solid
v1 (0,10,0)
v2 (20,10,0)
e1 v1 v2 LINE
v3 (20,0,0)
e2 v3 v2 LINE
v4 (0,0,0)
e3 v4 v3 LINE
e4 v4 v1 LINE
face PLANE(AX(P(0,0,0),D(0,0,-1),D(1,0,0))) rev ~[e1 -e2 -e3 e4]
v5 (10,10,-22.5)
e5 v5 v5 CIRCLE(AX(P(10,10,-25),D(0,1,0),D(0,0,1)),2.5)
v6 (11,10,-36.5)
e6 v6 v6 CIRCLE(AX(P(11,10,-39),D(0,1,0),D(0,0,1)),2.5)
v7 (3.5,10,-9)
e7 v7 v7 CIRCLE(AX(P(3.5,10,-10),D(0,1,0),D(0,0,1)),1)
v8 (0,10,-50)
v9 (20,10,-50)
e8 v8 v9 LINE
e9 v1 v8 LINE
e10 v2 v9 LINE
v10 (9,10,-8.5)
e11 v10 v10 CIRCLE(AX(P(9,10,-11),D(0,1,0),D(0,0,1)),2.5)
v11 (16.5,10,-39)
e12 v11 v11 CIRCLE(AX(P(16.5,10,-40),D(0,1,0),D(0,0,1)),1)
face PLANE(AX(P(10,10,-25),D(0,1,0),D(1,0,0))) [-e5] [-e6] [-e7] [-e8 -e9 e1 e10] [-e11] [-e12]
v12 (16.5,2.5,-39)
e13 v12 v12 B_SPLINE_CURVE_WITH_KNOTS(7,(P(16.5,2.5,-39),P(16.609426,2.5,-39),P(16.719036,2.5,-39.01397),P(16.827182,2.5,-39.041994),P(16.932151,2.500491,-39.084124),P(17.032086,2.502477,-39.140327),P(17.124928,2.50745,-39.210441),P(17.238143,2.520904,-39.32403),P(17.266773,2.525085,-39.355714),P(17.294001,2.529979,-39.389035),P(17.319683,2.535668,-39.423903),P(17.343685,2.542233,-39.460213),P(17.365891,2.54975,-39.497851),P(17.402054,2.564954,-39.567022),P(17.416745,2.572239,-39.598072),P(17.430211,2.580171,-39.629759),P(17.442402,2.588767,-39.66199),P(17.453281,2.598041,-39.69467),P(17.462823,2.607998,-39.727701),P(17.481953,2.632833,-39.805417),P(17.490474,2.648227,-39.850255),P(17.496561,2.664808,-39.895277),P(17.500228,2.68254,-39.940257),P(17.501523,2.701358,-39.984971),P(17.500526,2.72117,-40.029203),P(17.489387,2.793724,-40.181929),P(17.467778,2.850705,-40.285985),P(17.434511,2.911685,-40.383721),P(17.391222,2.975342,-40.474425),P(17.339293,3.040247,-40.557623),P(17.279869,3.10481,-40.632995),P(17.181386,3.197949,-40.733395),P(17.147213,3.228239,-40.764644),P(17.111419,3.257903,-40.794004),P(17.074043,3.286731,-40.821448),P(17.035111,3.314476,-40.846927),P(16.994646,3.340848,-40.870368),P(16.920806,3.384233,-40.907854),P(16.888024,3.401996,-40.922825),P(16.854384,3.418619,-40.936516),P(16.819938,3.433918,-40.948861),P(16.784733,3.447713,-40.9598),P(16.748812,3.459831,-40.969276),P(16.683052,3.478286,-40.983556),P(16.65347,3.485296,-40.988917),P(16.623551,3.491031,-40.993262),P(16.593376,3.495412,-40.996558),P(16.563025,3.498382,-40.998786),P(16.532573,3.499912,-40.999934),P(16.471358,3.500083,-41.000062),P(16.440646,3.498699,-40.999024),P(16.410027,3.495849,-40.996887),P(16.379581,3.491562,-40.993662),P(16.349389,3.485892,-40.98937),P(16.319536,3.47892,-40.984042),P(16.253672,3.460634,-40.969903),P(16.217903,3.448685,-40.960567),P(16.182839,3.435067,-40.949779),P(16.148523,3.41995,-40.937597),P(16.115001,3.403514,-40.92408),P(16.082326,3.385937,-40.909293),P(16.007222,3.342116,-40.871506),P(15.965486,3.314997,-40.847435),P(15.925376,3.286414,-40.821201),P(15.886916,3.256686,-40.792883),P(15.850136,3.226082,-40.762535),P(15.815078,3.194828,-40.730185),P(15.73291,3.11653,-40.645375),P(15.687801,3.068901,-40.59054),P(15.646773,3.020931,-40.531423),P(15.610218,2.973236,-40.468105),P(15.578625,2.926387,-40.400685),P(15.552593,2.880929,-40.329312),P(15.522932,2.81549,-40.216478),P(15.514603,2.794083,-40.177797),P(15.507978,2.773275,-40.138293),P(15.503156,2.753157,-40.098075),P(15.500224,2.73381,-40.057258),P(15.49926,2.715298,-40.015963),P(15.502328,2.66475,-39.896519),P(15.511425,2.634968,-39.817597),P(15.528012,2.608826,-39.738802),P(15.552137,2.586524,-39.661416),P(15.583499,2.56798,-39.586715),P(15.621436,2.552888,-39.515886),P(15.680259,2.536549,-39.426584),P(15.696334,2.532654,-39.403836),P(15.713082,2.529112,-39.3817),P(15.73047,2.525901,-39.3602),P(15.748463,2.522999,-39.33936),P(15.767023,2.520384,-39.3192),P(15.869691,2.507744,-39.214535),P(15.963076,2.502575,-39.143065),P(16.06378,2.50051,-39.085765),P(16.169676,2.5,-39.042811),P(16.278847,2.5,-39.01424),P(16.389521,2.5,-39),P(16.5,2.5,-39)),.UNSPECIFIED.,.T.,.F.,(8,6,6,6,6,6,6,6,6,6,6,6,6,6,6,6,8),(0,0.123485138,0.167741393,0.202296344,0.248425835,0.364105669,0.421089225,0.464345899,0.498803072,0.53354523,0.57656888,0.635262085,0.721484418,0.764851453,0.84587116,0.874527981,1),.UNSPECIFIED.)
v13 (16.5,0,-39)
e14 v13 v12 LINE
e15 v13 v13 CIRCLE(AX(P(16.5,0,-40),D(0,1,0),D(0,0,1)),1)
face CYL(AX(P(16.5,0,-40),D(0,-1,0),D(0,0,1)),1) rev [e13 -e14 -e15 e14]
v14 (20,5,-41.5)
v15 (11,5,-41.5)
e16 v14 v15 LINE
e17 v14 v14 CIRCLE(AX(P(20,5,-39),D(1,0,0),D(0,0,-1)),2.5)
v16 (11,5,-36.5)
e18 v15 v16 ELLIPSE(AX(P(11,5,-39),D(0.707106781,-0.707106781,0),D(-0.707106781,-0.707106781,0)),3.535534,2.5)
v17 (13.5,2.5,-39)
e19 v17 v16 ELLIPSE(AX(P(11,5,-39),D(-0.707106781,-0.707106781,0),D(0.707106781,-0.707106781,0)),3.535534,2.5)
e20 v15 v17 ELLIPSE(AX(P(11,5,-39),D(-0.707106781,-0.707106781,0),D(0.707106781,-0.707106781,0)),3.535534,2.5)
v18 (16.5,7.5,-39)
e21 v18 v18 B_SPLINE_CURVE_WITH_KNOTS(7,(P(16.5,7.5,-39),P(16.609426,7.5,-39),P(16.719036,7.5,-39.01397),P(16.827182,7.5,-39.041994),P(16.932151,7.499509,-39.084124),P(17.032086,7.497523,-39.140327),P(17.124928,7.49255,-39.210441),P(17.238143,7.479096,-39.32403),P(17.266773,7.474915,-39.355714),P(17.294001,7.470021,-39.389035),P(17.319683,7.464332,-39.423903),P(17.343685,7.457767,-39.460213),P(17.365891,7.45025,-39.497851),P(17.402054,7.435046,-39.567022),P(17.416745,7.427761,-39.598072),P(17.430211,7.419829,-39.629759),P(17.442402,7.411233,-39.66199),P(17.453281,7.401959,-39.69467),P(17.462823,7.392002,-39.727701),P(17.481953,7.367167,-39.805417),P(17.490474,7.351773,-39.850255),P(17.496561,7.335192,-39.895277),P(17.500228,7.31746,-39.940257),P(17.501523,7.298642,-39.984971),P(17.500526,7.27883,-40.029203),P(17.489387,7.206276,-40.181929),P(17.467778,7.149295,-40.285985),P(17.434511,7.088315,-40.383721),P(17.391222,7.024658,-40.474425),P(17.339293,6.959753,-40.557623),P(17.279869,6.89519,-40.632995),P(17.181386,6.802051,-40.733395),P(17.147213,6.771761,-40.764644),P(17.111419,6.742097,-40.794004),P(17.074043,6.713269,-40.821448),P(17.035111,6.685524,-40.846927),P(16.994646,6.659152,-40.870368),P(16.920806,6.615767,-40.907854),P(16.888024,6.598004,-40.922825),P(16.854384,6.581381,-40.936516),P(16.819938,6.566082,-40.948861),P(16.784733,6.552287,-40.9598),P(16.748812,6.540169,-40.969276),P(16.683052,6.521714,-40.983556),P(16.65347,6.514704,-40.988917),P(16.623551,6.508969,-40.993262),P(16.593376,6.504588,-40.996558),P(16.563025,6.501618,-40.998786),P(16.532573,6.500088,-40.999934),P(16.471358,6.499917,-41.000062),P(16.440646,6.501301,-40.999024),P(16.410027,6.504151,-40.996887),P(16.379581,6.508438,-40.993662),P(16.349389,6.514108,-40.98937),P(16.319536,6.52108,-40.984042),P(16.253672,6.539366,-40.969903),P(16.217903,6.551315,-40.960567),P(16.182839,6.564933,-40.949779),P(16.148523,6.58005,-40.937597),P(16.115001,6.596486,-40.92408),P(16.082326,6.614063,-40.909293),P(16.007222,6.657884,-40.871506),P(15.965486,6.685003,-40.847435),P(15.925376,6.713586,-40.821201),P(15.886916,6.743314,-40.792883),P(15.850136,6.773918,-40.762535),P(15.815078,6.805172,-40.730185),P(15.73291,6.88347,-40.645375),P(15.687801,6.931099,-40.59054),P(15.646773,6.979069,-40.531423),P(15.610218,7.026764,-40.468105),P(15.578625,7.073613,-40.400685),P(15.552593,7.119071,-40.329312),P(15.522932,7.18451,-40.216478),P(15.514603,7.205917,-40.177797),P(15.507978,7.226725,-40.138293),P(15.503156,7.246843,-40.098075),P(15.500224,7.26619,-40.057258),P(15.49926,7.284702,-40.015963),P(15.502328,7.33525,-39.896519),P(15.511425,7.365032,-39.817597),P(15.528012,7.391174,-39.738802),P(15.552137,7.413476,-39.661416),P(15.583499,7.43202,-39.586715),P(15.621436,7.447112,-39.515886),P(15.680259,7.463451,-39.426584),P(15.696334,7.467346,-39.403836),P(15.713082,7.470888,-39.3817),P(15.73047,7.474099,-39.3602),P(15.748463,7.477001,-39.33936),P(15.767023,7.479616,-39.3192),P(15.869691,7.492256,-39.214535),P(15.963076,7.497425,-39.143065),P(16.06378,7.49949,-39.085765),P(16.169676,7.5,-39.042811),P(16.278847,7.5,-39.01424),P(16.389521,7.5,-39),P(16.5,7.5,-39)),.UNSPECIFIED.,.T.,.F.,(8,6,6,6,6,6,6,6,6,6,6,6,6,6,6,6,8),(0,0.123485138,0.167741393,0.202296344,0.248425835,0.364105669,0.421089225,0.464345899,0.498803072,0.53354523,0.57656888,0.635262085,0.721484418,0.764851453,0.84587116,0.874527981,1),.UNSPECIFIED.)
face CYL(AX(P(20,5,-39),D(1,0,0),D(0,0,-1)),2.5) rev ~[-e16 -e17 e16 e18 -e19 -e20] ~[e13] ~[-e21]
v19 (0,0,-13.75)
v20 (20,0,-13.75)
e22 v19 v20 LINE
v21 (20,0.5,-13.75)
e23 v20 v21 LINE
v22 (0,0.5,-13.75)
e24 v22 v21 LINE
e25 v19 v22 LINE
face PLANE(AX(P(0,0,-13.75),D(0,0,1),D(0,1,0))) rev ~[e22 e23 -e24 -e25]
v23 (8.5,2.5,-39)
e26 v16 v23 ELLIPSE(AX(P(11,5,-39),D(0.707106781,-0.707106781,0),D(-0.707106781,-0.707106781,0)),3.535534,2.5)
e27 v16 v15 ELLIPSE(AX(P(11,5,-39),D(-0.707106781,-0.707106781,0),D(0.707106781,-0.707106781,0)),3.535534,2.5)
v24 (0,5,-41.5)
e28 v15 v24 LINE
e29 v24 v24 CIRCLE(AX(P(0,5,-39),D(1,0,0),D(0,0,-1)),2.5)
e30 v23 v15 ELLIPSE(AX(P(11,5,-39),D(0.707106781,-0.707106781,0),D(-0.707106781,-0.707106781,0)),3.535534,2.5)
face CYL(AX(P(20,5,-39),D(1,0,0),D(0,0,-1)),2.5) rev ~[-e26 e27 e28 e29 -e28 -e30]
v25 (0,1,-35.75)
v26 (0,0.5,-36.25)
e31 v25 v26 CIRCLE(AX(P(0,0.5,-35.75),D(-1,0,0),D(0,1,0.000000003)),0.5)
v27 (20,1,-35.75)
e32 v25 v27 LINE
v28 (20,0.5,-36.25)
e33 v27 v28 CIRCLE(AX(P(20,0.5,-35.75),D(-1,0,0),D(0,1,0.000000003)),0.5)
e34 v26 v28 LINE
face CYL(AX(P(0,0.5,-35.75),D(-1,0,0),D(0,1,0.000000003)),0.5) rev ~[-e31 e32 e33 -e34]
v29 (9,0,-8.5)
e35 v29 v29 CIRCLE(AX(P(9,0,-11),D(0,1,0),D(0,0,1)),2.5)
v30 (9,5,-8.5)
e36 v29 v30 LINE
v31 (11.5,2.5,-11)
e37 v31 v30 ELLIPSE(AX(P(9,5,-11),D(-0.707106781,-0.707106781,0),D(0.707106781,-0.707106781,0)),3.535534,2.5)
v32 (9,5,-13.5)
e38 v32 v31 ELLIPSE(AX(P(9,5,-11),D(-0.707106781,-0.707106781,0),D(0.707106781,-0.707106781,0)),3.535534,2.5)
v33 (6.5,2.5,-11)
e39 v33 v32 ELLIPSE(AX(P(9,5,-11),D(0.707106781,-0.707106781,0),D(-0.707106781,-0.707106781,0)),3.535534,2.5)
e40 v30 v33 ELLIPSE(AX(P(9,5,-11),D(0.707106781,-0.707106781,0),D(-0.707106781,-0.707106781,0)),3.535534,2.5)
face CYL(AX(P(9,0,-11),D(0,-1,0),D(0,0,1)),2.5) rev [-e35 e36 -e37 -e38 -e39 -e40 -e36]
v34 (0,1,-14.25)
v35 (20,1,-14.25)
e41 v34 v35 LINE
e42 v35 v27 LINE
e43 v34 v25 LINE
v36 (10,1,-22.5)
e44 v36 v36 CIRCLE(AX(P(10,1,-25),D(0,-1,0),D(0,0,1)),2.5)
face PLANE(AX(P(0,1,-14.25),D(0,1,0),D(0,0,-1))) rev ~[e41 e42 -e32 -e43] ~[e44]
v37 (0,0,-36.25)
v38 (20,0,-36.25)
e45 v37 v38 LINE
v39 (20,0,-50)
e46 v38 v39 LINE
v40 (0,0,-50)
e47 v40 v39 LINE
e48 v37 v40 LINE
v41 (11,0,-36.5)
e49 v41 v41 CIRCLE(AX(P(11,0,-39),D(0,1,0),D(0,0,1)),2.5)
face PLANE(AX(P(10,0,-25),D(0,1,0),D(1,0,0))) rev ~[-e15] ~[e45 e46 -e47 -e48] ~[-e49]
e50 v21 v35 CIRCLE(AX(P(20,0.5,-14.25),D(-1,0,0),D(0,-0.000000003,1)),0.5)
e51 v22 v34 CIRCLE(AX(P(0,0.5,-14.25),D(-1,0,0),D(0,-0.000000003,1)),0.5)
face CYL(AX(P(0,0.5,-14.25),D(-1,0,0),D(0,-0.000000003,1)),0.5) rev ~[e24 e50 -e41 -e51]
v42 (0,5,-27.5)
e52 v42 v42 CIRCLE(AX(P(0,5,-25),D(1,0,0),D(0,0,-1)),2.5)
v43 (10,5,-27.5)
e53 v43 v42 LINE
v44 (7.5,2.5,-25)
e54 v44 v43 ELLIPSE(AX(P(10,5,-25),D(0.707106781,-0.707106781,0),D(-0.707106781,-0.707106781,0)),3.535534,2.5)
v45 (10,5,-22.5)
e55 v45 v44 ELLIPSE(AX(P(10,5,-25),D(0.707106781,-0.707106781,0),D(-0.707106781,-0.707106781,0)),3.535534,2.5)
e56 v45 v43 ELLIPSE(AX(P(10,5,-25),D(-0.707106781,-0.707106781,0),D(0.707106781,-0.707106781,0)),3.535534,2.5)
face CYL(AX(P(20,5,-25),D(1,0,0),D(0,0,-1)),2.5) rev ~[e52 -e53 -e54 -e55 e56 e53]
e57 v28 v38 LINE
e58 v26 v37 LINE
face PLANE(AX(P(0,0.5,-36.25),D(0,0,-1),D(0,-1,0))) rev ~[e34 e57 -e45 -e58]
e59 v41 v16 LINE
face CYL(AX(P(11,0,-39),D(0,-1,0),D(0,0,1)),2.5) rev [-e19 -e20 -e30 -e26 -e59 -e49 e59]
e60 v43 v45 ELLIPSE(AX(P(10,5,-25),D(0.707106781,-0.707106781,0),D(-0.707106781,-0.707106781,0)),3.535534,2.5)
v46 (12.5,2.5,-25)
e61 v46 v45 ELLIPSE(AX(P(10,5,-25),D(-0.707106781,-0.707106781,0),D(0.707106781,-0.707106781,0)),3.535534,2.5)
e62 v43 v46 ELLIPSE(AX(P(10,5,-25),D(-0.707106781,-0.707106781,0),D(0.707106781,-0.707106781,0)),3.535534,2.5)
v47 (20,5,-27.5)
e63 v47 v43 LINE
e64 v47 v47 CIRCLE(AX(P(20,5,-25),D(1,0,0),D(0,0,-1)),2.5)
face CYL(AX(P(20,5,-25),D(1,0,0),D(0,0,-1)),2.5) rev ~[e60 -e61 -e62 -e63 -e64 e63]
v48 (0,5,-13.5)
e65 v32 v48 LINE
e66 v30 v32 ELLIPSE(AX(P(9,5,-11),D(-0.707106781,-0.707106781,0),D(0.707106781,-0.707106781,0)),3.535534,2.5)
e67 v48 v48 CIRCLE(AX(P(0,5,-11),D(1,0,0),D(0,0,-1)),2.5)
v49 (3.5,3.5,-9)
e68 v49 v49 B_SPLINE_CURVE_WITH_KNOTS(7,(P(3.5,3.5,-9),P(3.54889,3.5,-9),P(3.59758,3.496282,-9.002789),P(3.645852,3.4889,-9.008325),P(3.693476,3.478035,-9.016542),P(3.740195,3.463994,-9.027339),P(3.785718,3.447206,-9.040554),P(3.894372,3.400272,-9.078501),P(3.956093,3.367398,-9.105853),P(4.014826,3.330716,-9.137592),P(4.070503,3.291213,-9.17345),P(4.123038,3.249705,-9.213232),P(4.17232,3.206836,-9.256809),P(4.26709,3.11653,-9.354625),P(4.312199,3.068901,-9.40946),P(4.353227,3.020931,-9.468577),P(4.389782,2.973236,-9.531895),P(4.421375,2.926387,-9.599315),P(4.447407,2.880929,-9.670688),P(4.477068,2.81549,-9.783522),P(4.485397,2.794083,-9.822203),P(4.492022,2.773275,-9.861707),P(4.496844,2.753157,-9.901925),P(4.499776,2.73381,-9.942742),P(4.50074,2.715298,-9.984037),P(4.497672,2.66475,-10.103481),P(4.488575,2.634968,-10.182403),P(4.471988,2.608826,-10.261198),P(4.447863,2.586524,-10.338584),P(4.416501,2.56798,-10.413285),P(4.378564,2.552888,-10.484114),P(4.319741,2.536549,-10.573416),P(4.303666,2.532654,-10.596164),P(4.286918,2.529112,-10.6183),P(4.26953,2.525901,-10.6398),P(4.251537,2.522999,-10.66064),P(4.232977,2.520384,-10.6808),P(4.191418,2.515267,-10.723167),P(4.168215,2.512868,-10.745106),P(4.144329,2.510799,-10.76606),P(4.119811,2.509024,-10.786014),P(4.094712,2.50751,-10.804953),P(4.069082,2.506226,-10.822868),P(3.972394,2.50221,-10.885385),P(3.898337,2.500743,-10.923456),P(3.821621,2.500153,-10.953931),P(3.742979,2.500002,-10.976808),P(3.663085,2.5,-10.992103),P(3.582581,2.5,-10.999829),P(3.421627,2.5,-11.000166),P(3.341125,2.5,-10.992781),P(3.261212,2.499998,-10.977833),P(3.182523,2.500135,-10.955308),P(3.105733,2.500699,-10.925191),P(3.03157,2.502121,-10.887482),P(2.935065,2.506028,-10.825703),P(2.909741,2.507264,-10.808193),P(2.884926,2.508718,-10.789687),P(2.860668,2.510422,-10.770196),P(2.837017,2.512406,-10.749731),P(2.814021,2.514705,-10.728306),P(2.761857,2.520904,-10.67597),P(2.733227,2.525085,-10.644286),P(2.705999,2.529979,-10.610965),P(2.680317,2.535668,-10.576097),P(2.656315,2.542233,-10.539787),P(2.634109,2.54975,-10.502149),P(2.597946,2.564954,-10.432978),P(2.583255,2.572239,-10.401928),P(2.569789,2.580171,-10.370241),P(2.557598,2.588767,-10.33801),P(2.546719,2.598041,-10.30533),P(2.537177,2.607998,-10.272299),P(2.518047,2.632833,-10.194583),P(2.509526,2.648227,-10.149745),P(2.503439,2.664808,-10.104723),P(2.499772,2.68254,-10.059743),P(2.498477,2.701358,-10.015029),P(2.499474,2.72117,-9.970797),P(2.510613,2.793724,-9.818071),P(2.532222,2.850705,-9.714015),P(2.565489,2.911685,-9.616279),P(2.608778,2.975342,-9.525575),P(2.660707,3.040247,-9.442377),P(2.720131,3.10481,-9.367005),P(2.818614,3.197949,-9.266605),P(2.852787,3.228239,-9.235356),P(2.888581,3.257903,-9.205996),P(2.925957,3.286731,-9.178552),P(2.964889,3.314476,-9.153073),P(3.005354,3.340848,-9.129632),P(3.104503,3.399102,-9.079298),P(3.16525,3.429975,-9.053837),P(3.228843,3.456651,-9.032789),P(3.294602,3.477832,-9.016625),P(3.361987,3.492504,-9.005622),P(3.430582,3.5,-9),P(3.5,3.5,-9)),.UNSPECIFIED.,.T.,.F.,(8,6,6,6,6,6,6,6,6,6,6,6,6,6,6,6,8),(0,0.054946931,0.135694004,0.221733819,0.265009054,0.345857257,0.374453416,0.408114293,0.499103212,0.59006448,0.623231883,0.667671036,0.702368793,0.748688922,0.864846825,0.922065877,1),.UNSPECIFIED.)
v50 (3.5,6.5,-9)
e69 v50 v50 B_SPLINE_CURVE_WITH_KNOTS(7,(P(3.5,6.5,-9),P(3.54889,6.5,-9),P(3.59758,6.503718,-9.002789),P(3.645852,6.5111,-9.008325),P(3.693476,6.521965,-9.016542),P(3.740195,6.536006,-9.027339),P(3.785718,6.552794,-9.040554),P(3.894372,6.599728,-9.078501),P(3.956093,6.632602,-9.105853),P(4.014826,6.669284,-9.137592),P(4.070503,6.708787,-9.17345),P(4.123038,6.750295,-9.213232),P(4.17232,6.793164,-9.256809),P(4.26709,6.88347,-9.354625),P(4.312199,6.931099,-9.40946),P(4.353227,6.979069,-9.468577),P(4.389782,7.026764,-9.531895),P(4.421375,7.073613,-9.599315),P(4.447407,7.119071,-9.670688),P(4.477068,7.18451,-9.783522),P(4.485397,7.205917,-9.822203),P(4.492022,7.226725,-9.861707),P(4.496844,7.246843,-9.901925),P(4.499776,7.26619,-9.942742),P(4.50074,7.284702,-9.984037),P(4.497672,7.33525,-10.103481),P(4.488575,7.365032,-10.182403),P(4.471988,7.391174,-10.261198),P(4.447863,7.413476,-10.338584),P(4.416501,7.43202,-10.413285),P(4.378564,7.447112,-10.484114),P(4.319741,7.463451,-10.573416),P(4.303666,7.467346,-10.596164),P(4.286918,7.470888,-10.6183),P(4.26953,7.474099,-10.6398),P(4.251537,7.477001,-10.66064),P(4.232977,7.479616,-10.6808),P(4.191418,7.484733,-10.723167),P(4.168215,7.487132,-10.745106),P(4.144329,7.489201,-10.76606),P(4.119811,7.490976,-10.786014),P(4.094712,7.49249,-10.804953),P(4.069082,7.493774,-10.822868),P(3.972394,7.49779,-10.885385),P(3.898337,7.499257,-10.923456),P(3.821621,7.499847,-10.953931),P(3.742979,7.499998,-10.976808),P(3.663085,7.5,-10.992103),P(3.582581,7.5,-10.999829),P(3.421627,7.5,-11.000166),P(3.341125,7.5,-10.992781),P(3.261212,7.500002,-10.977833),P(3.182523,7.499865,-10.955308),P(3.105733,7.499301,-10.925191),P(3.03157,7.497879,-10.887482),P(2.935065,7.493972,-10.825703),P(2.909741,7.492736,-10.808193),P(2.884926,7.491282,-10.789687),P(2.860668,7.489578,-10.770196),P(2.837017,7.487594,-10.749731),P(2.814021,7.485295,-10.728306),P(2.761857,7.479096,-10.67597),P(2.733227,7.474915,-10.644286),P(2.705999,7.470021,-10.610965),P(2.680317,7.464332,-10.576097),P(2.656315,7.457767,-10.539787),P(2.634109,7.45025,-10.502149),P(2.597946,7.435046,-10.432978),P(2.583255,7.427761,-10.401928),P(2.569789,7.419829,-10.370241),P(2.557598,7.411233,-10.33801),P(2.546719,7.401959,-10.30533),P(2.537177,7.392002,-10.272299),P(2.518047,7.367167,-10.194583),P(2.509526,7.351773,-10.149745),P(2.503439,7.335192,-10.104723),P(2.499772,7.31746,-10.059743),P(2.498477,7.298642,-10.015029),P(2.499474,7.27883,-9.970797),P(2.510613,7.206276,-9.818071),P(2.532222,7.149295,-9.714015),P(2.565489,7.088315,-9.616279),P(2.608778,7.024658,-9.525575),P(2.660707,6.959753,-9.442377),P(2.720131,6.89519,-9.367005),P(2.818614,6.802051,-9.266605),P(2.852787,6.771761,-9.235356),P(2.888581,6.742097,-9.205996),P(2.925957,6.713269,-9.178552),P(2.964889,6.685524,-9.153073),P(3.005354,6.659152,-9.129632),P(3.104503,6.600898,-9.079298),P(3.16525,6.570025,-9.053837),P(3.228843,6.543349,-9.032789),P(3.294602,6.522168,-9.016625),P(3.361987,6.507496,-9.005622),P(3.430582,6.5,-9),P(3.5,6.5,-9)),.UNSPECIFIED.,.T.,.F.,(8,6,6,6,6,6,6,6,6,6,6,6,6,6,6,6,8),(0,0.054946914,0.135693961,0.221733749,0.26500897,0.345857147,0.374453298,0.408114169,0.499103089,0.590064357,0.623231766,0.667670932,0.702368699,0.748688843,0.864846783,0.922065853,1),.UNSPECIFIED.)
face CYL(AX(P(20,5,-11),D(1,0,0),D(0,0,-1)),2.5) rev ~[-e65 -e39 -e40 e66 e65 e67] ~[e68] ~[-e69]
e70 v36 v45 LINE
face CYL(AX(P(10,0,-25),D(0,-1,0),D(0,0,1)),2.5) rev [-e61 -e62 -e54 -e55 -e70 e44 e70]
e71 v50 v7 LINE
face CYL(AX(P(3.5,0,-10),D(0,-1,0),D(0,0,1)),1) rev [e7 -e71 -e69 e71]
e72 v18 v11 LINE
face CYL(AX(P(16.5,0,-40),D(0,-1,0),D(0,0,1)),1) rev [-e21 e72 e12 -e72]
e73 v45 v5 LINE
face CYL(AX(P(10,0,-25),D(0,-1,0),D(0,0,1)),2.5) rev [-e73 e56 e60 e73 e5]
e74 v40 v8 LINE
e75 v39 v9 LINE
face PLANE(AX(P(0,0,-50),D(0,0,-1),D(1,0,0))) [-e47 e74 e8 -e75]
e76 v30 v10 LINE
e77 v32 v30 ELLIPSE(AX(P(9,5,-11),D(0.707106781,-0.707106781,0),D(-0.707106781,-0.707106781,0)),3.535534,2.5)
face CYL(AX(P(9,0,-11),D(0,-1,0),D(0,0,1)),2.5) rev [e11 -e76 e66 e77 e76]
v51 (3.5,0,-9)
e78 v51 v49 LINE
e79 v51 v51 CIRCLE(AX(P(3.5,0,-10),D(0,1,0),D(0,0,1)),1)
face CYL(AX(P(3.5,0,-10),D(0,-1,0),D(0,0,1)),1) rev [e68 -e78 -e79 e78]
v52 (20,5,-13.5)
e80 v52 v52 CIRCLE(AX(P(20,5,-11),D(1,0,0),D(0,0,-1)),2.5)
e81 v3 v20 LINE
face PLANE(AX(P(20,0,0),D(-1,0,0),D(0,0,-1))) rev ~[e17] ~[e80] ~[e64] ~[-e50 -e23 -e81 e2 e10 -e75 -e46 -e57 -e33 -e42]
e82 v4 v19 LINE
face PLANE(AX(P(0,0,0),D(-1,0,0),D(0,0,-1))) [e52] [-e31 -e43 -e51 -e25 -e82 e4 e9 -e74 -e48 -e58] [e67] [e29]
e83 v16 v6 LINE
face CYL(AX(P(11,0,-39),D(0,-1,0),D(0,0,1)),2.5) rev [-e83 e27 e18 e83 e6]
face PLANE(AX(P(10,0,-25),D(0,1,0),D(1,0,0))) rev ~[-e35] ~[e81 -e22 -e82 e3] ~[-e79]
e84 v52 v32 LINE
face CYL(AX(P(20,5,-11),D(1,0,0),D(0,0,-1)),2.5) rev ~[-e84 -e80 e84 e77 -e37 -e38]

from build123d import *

# Parameters (mm, degrees)
ESQUISSE1_W             = 20
ESQUISSE1_H             = 50
ESQUISSE1_R             = 2.5
ESQUISSE1_R_2           = 1
BOSS_EXTRU_1_DEPTH      = 10
ESQUISSE2_R             = 2.5
ENL_V_MAT_EXTRU_1_DEPTH = 55.772255751
ENL_V_MAT_EXTRU_2_DEPTH = 41.175091243


with BuildPart() as part:
    # Esquisse1 → Boss.-Extru.1 (new body)
    with BuildSketch(Plane(origin=(0, 0, 0), x_dir=(1, 0, 0), z_dir=(0, 1, 0))):
        with Locations((10, 25)):
            Rectangle(ESQUISSE1_W, ESQUISSE1_H)
        with Locations(Location((10, 25, 0), (0, 0, 270))):
            Circle(ESQUISSE1_R, mode=Mode.SUBTRACT)
        with Locations(Location((11, 39, 0), (0, 0, 270))):
            Circle(ESQUISSE1_R, mode=Mode.SUBTRACT)
        with Locations(Location((9, 11, 0), (0, 0, 270))):
            Circle(ESQUISSE1_R, mode=Mode.SUBTRACT)
        with Locations(Location((16.5, 40, 0), (0, 0, 270))):
            Circle(ESQUISSE1_R_2, mode=Mode.SUBTRACT)
        with Locations(Location((3.5, 10, 0), (0, 0, 270))):
            Circle(ESQUISSE1_R_2, mode=Mode.SUBTRACT)
    extrude(amount=BOSS_EXTRU_1_DEPTH)

    # Esquisse2 → Enlèv. mat.-Extru.1 (cut, through all)
    with BuildSketch(Plane(origin=(20, 0, 0), x_dir=(0, 0, -1), z_dir=(1, 0, 0))):
        with Locations((11, 5)):
            Circle(ESQUISSE2_R)
        with Locations((25, 5)):
            Circle(ESQUISSE2_R)
        with Locations((39, 5)):
            Circle(ESQUISSE2_R)
    extrude(amount=-ENL_V_MAT_EXTRU_1_DEPTH, mode=Mode.SUBTRACT)

    # Esquisse3 → Enlèv. mat.-Extru.2 (cut, through all)
    with BuildSketch(Plane(origin=(0, -14.270103986, -25), x_dir=(0, 0, 1), z_dir=(-1, 0, 0))):
        with BuildLine():
            Line((-11.25, 14.270103986), (11.25, 14.270103986))
            Line((11.25, 14.270103986), (11.25, 14.770103986))
            ThreePointArc((11.25, 14.770103986), (11.103553391, 15.123657377), (10.75, 15.270103986))
            Line((10.75, 15.270103986), (-10.75, 15.270103986))
            ThreePointArc((-10.75, 15.270103986), (-11.103553391, 15.123657377), (-11.25, 14.770103986))
            Line((-11.25, 14.770103986), (-11.25, 14.270103986))
        make_face()
    extrude(amount=-ENL_V_MAT_EXTRU_2_DEPTH, mode=Mode.SUBTRACT)


solid = part.part
